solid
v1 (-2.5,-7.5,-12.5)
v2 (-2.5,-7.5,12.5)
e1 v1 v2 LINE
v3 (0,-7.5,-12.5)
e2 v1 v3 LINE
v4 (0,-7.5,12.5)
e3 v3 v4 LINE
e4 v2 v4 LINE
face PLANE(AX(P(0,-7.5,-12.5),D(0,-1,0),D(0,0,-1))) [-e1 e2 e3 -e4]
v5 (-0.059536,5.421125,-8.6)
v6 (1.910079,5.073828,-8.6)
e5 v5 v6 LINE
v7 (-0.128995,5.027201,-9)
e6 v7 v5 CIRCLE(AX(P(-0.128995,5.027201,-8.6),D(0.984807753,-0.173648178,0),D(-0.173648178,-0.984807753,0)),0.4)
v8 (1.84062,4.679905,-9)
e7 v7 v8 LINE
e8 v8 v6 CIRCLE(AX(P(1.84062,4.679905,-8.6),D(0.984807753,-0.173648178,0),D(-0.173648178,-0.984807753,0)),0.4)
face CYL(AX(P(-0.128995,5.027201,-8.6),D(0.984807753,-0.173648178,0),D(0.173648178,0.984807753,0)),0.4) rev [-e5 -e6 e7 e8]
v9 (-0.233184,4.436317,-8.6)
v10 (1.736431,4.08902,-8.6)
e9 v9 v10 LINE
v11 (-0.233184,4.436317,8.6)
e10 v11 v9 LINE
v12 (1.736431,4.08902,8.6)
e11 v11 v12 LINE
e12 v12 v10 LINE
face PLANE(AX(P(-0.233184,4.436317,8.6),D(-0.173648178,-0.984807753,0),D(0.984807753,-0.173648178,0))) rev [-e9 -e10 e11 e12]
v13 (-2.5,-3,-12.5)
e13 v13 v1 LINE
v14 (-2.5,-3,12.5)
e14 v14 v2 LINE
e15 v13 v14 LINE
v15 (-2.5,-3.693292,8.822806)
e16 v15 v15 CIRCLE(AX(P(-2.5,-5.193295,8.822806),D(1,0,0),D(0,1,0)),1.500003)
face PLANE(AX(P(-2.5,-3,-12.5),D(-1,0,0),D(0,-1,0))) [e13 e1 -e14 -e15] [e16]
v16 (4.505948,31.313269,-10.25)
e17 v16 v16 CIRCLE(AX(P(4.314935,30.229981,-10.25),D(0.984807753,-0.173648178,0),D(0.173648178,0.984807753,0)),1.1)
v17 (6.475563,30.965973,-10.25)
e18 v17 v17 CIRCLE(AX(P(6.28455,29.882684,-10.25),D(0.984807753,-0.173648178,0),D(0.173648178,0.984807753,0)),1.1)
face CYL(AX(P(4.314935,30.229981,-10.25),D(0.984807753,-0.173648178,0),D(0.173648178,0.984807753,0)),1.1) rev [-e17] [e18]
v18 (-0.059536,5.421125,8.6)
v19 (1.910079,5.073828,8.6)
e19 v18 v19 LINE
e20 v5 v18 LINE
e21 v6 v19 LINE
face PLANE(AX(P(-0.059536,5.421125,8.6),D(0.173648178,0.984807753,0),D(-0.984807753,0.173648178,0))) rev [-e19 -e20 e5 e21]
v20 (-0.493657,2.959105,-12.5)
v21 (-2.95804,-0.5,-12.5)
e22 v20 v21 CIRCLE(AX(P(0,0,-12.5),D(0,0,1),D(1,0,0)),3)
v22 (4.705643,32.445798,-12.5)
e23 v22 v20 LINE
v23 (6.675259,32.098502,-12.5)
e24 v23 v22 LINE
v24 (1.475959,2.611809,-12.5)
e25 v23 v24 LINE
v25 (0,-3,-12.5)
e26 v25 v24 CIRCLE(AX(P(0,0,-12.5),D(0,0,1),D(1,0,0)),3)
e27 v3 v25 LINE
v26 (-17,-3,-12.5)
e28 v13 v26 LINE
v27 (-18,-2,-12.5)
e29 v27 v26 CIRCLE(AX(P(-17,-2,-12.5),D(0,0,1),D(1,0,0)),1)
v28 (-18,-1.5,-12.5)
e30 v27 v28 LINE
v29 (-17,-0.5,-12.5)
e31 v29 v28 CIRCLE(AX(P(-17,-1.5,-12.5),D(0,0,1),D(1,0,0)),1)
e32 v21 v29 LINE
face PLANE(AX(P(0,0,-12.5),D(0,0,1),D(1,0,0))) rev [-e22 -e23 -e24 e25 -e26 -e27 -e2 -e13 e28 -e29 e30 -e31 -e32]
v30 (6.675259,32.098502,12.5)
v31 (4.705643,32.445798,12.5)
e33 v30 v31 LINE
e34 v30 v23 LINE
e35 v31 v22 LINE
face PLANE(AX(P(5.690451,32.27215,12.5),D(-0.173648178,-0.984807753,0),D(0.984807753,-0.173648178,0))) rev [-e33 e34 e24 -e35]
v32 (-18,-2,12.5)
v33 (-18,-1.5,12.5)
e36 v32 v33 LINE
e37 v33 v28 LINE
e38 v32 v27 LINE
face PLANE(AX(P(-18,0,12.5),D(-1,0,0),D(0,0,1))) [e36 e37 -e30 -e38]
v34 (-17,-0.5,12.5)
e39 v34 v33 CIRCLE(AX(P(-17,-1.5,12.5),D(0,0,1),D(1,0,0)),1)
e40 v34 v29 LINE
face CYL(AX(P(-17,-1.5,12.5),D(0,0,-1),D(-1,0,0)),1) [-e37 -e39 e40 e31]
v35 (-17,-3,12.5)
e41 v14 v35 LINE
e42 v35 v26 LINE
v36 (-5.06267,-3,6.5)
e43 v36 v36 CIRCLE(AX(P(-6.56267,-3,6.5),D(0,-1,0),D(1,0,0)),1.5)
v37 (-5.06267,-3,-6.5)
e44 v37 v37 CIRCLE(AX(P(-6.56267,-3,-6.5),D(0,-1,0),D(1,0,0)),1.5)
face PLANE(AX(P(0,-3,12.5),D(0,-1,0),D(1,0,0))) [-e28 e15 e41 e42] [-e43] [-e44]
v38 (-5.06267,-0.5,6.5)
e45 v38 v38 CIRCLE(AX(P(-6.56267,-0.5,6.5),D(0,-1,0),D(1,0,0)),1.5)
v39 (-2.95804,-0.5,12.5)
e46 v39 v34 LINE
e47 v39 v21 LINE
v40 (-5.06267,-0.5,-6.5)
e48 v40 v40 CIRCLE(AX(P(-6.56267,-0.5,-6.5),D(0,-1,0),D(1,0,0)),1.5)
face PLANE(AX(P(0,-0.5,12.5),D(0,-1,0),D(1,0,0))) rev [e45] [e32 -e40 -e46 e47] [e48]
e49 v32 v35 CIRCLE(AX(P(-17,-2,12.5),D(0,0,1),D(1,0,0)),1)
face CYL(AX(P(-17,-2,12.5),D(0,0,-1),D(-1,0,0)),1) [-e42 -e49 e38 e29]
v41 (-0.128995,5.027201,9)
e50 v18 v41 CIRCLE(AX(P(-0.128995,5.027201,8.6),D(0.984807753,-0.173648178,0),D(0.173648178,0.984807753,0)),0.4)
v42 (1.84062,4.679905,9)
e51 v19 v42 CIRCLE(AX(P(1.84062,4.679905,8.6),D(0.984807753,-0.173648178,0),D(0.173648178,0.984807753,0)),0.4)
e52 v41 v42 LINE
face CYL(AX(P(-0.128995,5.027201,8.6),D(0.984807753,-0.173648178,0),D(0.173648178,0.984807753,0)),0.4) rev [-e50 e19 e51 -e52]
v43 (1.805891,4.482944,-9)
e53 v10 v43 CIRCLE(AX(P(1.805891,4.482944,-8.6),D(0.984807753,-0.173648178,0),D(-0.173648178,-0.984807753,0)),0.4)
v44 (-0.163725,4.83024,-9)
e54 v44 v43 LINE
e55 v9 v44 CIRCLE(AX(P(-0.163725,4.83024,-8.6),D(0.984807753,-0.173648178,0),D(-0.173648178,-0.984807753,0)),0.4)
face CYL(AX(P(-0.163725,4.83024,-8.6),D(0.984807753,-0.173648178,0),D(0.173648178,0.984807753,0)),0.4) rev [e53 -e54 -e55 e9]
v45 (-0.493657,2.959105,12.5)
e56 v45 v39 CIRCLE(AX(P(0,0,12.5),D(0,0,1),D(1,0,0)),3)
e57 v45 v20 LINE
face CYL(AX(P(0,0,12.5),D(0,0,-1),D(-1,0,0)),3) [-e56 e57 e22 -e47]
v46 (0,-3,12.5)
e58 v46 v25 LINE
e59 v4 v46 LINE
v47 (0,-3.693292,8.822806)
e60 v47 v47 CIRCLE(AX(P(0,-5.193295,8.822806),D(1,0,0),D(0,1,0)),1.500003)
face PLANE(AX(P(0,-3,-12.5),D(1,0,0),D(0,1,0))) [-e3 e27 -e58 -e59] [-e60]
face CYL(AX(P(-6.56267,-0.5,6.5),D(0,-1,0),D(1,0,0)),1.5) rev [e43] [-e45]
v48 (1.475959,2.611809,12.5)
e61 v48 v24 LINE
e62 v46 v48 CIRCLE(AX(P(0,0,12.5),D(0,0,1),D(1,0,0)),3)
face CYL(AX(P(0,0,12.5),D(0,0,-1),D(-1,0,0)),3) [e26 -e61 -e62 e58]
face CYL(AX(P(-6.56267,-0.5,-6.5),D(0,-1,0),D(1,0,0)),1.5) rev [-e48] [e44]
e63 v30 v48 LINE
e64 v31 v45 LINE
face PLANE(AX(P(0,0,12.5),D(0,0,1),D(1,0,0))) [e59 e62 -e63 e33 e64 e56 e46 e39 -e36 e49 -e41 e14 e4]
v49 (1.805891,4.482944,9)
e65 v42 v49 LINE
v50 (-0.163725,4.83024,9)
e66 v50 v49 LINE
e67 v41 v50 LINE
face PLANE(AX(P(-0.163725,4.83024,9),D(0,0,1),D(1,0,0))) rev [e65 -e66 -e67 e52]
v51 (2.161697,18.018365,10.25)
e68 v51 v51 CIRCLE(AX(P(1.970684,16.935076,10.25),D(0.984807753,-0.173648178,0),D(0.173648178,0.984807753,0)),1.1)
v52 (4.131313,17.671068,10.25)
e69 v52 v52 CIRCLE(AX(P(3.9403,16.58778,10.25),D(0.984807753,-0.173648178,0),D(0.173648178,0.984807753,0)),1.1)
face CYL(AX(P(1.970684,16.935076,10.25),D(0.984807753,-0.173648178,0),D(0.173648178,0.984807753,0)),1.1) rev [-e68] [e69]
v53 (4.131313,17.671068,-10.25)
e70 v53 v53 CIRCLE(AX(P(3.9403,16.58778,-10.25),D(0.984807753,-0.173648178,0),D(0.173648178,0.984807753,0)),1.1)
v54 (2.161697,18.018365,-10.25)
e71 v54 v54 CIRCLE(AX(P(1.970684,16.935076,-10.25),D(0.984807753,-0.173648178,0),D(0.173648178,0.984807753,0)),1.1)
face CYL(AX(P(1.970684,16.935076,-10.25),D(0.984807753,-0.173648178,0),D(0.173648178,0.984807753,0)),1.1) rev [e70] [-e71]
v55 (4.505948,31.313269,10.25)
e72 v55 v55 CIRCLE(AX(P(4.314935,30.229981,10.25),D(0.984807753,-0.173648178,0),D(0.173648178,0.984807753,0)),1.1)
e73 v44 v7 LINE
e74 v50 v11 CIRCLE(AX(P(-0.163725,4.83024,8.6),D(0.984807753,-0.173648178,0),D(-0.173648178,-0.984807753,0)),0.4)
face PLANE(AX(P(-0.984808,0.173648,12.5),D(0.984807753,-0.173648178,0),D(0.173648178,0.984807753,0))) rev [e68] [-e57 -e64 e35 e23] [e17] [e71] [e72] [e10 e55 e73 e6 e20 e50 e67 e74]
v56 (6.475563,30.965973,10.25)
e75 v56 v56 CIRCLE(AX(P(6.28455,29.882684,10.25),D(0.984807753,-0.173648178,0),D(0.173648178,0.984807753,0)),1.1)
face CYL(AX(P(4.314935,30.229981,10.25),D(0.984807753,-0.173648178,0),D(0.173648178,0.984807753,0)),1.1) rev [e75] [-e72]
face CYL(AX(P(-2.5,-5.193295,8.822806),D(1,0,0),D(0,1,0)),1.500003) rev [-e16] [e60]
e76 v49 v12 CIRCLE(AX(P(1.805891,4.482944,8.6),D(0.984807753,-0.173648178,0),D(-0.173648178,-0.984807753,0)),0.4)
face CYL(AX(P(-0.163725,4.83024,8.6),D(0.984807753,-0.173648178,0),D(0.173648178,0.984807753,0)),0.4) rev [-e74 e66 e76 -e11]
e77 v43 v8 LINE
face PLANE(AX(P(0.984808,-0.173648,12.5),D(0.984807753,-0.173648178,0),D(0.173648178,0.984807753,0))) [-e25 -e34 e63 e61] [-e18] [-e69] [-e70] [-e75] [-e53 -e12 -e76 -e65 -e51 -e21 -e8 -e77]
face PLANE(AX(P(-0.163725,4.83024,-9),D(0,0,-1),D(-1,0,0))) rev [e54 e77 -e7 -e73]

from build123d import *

# Parameters (mm, degrees)
SKETCH1_R           = 3
BOSS_EXTRUDE2_DEPTH = 12.5
CUT_EXTRUDE1_DEPTH  = 2
SKETCH4_R           = 1.5
CUT_EXTRUDE4_DEPTH  = 2.5
SKETCH5_W           = 2.5
SKETCH5_H           = 4.5
BOSS_EXTRUDE3_DEPTH = 25
SKETCH6_R           = 1.500002847
CUT_EXTRUDE5_DEPTH  = 2.5
SKETCH7_R           = 1.1
CUT_EXTRUDE6_DEPTH  = 2


with BuildPart() as part:
    # Sketch1 → Boss-Extrude2 (new, symmetric)
    with BuildSketch(Plane.XY):
        Circle(SKETCH1_R)
        with BuildLine():
            Line((0, -3), (0, -0.5))
            Line((0, -0.5), (-17, -0.5))
            ThreePointArc((-17, -0.5), (-17.707106781, -0.792893219), (-18, -1.5))
            Line((-18, -1.5), (-18, -2))
            ThreePointArc((-18, -2), (-17.707106781, -2.707106781), (-17, -3))
            Line((-17, -3), (0, -3))
        make_face()
        Polygon((6.675258535, 32.098501889), (0.984807753, -0.173648178), (-0.984807753, 0.173648178), (4.705643029, 32.445798244), align=None)
    extrude(amount=BOSS_EXTRUDE2_DEPTH, both=True)

    # Sketch2 → Cut-Extrude1 (cut)
    with BuildSketch(Plane(origin=(0.9848077530122124, -0.17364817766692678, 0), x_dir=(0, 0, -1), z_dir=(0.9848077530122088, -0.17364817766692617, 0))):
        with BuildLine():
            Line((-8.6, 4.328427125), (8.6, 4.328427125))
            ThreePointArc((8.6, 4.328427125), (8.882842712, 4.445584412), (9, 4.728427125))
            Line((9, 4.728427125), (9, 4.928427125))
            ThreePointArc((9, 4.928427125), (8.882842712, 5.211269837), (8.6, 5.328427125))
            Line((8.6, 5.328427125), (-8.6, 5.328427125))
            ThreePointArc((-8.6, 5.328427125), (-8.882842712, 5.211269837), (-9, 4.928427125))
            Line((-9, 4.928427125), (-9, 4.728427125))
            ThreePointArc((-9, 4.728427125), (-8.882842712, 4.445584412), (-8.6, 4.328427125))
        make_face()
    extrude(amount=-CUT_EXTRUDE1_DEPTH, mode=Mode.SUBTRACT)

    # Sketch4 → Cut-Extrude4 (cut)
    with BuildSketch(Plane.XZ.offset(3)):
        with Locations((-6.562669804, 6.5)):
            Circle(SKETCH4_R)
        with Locations((-6.562669804, -6.5)):
            Circle(SKETCH4_R)
    extrude(amount=-CUT_EXTRUDE4_DEPTH, mode=Mode.SUBTRACT)

    # Sketch5 → Boss-Extrude3 (add)
    with BuildSketch(Plane.XY.offset(12.5)):
        with Locations((-1.25, -5.25)):
            Rectangle(SKETCH5_W, SKETCH5_H)
    extrude(amount=-BOSS_EXTRUDE3_DEPTH)

    # Sketch6 → Cut-Extrude5 (cut)
    with BuildSketch(Plane(origin=(0, 0, 0), x_dir=(0, 0, -1), z_dir=(1, 0, 0))):
        with Locations(Location((-8.822806399, -5.193294881, 0), (0, 0, 90))):
            Circle(SKETCH6_R)
    extrude(amount=-CUT_EXTRUDE5_DEPTH, mode=Mode.SUBTRACT)

    # Sketch7 → Cut-Extrude6 (cut)
    with BuildSketch(Plane(origin=(0.9848077530122124, -0.17364817766692678, 0), x_dir=(0, 0, -1), z_dir=(0.9848077530122088, -0.17364817766692617, 0))):
        with Locations(Location((-10.25, 30.52, 0), (0, 0, 90))):
            Circle(SKETCH7_R)
        with Locations(Location((-10.25, 17.02, 0), (0, 0, 90))):
            Circle(SKETCH7_R)
        with Locations(Location((10.25, 17.02, 0), (0, 0, 90))):
            Circle(SKETCH7_R)
        with Locations(Location((10.25, 30.52, 0), (0, 0, 90))):
            Circle(SKETCH7_R)
    extrude(amount=-CUT_EXTRUDE6_DEPTH, mode=Mode.SUBTRACT)


solid = part.part
